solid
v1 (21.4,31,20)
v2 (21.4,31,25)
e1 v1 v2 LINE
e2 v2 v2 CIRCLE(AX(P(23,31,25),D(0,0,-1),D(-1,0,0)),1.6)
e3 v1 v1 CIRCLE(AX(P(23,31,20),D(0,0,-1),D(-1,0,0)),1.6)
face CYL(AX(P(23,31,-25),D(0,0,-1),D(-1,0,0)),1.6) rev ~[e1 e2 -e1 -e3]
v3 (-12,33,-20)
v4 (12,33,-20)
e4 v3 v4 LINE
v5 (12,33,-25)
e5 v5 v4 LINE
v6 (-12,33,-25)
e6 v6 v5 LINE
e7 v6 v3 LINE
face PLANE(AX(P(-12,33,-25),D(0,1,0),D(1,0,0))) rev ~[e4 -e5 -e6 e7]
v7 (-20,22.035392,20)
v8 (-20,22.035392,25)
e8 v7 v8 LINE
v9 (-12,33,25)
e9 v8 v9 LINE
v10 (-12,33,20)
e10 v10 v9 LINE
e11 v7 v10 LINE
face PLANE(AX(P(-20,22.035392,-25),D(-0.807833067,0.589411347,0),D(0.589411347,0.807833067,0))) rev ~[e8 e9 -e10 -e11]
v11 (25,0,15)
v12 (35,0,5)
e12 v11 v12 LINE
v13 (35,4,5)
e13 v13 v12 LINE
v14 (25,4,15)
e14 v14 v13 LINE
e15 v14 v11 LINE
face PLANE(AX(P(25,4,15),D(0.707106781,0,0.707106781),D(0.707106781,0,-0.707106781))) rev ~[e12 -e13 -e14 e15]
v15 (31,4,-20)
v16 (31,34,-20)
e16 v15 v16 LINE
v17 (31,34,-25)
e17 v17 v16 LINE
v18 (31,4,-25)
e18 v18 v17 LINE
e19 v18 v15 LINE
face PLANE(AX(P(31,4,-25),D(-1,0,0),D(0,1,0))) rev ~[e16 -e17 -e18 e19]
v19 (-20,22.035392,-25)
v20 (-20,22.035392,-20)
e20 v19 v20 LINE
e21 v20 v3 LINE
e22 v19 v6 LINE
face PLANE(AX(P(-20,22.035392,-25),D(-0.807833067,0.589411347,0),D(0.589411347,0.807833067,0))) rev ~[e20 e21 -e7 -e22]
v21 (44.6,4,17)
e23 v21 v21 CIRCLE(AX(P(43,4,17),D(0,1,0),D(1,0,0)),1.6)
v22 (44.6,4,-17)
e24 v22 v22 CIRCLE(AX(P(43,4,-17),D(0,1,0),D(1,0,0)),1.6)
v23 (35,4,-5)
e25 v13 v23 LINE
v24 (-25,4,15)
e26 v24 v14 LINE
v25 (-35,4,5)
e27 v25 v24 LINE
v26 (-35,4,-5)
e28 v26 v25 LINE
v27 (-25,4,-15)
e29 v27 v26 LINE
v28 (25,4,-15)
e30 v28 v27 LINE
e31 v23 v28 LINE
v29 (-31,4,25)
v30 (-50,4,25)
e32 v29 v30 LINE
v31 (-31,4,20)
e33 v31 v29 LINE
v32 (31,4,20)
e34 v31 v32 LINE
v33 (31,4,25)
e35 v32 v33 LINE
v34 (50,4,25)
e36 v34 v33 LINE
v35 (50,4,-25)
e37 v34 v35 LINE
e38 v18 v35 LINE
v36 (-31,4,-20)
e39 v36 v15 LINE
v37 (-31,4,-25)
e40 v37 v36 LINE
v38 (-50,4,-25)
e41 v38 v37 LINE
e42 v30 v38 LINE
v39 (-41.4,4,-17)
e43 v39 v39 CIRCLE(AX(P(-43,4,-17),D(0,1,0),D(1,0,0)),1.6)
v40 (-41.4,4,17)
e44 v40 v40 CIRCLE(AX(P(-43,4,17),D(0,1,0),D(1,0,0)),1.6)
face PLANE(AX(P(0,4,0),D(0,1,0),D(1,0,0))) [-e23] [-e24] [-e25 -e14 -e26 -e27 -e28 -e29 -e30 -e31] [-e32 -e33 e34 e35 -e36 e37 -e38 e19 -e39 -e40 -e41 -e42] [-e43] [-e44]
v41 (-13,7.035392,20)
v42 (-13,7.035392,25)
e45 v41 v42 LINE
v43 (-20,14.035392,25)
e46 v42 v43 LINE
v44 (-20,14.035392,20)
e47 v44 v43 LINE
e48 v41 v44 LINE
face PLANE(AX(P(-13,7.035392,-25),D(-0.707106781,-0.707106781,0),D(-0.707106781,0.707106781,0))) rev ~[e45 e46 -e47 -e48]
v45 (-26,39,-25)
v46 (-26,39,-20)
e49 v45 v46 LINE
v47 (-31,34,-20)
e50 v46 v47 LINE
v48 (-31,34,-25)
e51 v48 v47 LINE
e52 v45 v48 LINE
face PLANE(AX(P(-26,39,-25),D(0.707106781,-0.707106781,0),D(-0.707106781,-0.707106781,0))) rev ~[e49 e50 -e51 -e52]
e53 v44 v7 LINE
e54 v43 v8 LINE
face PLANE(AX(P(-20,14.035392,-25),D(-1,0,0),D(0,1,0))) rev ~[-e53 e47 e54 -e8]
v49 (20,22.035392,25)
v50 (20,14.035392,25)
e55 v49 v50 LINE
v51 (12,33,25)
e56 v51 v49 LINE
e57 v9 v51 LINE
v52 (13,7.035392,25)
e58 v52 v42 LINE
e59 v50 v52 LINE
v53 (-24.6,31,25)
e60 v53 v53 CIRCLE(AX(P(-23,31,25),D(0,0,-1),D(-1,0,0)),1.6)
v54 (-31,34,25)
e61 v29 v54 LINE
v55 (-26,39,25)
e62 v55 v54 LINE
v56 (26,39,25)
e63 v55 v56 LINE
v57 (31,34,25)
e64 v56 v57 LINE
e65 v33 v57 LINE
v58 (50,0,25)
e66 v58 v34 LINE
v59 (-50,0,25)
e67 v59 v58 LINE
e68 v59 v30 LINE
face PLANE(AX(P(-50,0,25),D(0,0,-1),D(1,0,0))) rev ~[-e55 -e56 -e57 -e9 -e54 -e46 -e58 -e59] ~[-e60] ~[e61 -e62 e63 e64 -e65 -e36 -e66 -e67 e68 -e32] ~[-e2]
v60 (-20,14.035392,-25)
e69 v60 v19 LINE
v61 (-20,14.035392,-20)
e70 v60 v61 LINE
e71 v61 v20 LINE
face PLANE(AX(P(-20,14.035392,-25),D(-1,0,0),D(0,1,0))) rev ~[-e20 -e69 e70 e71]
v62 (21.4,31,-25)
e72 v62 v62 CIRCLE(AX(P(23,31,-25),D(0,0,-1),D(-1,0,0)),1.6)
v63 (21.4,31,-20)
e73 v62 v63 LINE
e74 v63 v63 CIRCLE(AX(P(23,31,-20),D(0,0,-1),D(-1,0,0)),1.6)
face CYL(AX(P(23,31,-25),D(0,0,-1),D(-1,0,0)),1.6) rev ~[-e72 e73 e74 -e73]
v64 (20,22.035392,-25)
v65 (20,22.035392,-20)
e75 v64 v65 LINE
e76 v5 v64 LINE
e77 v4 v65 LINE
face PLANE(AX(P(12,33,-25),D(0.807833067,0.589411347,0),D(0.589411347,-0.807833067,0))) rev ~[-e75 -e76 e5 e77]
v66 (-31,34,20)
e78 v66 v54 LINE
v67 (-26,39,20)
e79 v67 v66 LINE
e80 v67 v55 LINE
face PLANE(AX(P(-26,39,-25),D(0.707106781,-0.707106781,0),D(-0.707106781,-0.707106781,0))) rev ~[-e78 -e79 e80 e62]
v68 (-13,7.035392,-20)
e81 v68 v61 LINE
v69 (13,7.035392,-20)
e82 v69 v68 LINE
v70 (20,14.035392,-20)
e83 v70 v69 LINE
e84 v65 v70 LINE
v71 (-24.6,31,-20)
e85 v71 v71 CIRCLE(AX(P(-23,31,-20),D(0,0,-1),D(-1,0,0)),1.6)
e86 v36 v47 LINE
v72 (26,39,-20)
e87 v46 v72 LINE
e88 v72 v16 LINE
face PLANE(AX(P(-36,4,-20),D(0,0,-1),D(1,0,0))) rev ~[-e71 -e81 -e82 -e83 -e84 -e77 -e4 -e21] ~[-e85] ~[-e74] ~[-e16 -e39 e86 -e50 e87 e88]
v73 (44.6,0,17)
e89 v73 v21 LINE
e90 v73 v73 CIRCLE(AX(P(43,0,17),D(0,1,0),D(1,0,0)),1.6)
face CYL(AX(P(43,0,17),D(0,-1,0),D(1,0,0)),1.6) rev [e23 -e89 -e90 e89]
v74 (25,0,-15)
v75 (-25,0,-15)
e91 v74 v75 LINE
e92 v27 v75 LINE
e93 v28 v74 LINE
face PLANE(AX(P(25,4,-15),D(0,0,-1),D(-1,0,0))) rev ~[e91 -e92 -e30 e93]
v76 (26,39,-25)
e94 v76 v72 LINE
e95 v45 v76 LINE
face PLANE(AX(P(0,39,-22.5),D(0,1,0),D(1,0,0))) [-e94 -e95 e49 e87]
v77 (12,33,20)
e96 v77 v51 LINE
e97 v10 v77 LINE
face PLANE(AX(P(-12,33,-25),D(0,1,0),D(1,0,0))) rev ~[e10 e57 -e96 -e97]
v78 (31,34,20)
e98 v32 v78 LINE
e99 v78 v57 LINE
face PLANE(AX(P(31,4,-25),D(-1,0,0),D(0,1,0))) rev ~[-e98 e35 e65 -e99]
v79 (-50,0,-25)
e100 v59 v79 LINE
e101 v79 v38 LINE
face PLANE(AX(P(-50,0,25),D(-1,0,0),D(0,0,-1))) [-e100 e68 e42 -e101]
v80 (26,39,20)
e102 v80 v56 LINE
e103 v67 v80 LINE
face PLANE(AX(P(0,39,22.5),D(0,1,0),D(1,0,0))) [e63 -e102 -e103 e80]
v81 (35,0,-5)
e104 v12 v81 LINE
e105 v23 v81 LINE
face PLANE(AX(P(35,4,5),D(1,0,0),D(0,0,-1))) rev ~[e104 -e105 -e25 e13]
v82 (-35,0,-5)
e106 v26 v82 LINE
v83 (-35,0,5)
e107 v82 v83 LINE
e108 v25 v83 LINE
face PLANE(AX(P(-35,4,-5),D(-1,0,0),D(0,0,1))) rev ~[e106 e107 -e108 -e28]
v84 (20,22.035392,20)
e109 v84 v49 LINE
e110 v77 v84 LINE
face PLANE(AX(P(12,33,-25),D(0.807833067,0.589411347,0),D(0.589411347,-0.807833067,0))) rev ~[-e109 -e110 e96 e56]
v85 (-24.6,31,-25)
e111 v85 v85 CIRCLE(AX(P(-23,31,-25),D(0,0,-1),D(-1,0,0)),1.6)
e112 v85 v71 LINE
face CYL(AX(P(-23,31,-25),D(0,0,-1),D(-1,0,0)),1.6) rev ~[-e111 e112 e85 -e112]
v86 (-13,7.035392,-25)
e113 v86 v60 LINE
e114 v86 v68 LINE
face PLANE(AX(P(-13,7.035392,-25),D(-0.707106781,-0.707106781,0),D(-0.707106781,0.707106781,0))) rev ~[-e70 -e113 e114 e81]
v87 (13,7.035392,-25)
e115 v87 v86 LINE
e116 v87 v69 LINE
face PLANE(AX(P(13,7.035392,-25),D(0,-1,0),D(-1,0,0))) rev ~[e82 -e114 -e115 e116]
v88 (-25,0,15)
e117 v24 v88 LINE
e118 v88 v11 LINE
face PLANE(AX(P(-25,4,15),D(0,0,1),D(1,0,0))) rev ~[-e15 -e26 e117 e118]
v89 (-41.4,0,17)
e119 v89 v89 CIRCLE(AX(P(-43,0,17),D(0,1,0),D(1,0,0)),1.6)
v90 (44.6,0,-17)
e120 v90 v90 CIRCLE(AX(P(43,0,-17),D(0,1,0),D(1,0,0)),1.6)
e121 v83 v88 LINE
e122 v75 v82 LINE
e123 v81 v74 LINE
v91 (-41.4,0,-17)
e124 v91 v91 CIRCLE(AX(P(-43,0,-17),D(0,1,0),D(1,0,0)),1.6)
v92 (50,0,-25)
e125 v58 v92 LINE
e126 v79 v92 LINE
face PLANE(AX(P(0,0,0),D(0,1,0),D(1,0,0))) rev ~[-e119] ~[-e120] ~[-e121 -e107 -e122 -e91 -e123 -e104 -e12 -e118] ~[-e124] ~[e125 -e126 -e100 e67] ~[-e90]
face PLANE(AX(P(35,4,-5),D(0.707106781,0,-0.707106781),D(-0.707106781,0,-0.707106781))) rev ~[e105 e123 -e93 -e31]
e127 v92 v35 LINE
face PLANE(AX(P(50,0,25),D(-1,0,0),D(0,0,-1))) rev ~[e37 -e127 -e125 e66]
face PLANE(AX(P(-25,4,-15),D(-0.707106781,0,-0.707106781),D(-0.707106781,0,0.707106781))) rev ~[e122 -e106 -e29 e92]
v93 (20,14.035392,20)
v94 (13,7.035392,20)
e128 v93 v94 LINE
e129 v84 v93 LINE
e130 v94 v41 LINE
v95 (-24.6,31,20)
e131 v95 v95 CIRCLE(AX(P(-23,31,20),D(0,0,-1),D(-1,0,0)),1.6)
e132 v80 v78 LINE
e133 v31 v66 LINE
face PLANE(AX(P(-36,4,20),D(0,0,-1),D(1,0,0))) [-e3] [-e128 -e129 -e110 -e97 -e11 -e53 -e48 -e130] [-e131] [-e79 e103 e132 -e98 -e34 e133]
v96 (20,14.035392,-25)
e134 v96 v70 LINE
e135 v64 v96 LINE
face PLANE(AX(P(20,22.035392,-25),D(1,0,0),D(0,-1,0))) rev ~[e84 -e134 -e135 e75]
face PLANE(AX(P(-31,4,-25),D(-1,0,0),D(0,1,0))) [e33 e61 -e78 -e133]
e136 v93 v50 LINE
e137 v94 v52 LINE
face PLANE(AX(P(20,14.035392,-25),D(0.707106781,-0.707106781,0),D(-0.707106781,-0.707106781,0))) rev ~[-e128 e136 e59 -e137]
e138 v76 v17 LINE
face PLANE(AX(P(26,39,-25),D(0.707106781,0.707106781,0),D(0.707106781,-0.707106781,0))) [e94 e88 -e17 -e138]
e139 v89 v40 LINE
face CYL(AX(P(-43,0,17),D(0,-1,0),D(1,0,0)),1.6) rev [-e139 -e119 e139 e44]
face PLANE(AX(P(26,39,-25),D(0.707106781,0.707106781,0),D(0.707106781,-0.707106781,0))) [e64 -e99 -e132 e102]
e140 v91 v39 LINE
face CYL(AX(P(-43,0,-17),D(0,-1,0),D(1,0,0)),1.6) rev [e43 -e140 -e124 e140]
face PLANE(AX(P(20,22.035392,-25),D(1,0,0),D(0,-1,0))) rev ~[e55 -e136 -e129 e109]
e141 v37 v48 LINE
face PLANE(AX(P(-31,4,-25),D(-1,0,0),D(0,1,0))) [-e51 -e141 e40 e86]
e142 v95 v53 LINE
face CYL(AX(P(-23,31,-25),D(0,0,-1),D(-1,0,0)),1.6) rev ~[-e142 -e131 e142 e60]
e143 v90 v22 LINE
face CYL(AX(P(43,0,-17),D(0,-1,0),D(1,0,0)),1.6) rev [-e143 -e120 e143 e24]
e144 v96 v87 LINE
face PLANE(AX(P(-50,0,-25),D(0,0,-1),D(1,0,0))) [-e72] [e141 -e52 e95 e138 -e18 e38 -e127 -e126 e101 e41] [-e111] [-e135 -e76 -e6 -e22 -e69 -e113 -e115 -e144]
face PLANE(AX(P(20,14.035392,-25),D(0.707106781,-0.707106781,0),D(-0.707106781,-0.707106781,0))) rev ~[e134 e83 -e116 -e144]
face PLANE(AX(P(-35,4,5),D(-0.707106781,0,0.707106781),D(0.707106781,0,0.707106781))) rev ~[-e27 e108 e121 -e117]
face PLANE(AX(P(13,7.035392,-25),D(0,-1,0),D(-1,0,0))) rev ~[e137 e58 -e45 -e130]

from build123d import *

# Parameters (mm, degrees)
SKETCH_1_W          = 100
SKETCH_1_H          = 50
SKETCH_1_R          = 1.6
EXTRUDE_1_DEPTH     = 4
SKETCH_2_W          = 72
SKETCH_2_H          = 5
EXTRUDE_2_DEPTH     = 35
SKETCH_3_R          = 1.6
CUT_EXTRUDE_1_DEPTH = 51
CUT_EXTRUDE_2_DEPTH = 51
CUT_EXTRUDE_3_DEPTH = 5


with BuildPart() as part:
    # 草图1 → 凸台-拉伸1 (new body)
    with BuildSketch(Plane(origin=(0, 0, 0), x_dir=(1, 0, 0), z_dir=(0, 1, 0))):
        Rectangle(SKETCH_1_W, SKETCH_1_H)
        with Locations((-43, 17)):
            Circle(SKETCH_1_R, mode=Mode.SUBTRACT)
        with Locations((-43, -17)):
            Circle(SKETCH_1_R, mode=Mode.SUBTRACT)
        with Locations((43, -17)):
            Circle(SKETCH_1_R, mode=Mode.SUBTRACT)
        with Locations((43, 17)):
            Circle(SKETCH_1_R, mode=Mode.SUBTRACT)
    extrude(amount=EXTRUDE_1_DEPTH)

    # 草图2 → 凸台-拉伸2 (add)
    with BuildSketch(Plane(origin=(0, 4, 0), x_dir=(1, 0, 0), z_dir=(0, 1, 0))):
        with Locations((0, 22.5)):
            Rectangle(SKETCH_2_W, SKETCH_2_H)
        with Locations((0, -22.5)):
            Rectangle(SKETCH_2_W, SKETCH_2_H)
    extrude(amount=EXTRUDE_2_DEPTH)

    # 草图3 → 切除-拉伸1 (cut, through all)
    with BuildSketch(Plane(origin=(0, 0, -25), x_dir=(-1, 0, 0), z_dir=(0, 0, -1))):
        with Locations((-23, 31)):
            Circle(SKETCH_3_R)
        with Locations((23, 31)):
            Circle(SKETCH_3_R)
        Polygon((-26, 39), (-36, 29), (-36, 39), align=None)
        Polygon((36, 39), (26, 39), (36, 29), align=None)
    extrude(amount=-CUT_EXTRUDE_1_DEPTH, mode=Mode.SUBTRACT)

    # 草图4 → 切除-拉伸2 (cut, through all)
    with BuildSketch(Plane(origin=(0, 0, -25), x_dir=(-1, 0, 0), z_dir=(0, 0, -1))):
        Polygon((12, 33), (-12, 33), (-20, 22.035391732), (-20, 14.035391732), (-13, 7.035391732), (13, 7.035391732), (20, 14.035391732), (20, 22.035391732), align=None)
        Polygon((-36, 4), (-31, 4), (-31, 34), (-36, 29), align=None)
        Polygon((31, 34), (36, 29), (36, 4), (31, 4), align=None)
    extrude(amount=-CUT_EXTRUDE_2_DEPTH, mode=Mode.SUBTRACT)

    # 草图5 → 切除-拉伸3 (cut, through all)
    with BuildSketch(Plane(origin=(0, 4, 0), x_dir=(1, 0, 0), z_dir=(0, 1, 0))):
        Polygon((-25, 15), (-35, 5), (-35, -5), (-25, -15), (25, -15), (35, -5), (35, 5), (25, 15), align=None)
    extrude(amount=-CUT_EXTRUDE_3_DEPTH, mode=Mode.SUBTRACT)


solid = part.part
